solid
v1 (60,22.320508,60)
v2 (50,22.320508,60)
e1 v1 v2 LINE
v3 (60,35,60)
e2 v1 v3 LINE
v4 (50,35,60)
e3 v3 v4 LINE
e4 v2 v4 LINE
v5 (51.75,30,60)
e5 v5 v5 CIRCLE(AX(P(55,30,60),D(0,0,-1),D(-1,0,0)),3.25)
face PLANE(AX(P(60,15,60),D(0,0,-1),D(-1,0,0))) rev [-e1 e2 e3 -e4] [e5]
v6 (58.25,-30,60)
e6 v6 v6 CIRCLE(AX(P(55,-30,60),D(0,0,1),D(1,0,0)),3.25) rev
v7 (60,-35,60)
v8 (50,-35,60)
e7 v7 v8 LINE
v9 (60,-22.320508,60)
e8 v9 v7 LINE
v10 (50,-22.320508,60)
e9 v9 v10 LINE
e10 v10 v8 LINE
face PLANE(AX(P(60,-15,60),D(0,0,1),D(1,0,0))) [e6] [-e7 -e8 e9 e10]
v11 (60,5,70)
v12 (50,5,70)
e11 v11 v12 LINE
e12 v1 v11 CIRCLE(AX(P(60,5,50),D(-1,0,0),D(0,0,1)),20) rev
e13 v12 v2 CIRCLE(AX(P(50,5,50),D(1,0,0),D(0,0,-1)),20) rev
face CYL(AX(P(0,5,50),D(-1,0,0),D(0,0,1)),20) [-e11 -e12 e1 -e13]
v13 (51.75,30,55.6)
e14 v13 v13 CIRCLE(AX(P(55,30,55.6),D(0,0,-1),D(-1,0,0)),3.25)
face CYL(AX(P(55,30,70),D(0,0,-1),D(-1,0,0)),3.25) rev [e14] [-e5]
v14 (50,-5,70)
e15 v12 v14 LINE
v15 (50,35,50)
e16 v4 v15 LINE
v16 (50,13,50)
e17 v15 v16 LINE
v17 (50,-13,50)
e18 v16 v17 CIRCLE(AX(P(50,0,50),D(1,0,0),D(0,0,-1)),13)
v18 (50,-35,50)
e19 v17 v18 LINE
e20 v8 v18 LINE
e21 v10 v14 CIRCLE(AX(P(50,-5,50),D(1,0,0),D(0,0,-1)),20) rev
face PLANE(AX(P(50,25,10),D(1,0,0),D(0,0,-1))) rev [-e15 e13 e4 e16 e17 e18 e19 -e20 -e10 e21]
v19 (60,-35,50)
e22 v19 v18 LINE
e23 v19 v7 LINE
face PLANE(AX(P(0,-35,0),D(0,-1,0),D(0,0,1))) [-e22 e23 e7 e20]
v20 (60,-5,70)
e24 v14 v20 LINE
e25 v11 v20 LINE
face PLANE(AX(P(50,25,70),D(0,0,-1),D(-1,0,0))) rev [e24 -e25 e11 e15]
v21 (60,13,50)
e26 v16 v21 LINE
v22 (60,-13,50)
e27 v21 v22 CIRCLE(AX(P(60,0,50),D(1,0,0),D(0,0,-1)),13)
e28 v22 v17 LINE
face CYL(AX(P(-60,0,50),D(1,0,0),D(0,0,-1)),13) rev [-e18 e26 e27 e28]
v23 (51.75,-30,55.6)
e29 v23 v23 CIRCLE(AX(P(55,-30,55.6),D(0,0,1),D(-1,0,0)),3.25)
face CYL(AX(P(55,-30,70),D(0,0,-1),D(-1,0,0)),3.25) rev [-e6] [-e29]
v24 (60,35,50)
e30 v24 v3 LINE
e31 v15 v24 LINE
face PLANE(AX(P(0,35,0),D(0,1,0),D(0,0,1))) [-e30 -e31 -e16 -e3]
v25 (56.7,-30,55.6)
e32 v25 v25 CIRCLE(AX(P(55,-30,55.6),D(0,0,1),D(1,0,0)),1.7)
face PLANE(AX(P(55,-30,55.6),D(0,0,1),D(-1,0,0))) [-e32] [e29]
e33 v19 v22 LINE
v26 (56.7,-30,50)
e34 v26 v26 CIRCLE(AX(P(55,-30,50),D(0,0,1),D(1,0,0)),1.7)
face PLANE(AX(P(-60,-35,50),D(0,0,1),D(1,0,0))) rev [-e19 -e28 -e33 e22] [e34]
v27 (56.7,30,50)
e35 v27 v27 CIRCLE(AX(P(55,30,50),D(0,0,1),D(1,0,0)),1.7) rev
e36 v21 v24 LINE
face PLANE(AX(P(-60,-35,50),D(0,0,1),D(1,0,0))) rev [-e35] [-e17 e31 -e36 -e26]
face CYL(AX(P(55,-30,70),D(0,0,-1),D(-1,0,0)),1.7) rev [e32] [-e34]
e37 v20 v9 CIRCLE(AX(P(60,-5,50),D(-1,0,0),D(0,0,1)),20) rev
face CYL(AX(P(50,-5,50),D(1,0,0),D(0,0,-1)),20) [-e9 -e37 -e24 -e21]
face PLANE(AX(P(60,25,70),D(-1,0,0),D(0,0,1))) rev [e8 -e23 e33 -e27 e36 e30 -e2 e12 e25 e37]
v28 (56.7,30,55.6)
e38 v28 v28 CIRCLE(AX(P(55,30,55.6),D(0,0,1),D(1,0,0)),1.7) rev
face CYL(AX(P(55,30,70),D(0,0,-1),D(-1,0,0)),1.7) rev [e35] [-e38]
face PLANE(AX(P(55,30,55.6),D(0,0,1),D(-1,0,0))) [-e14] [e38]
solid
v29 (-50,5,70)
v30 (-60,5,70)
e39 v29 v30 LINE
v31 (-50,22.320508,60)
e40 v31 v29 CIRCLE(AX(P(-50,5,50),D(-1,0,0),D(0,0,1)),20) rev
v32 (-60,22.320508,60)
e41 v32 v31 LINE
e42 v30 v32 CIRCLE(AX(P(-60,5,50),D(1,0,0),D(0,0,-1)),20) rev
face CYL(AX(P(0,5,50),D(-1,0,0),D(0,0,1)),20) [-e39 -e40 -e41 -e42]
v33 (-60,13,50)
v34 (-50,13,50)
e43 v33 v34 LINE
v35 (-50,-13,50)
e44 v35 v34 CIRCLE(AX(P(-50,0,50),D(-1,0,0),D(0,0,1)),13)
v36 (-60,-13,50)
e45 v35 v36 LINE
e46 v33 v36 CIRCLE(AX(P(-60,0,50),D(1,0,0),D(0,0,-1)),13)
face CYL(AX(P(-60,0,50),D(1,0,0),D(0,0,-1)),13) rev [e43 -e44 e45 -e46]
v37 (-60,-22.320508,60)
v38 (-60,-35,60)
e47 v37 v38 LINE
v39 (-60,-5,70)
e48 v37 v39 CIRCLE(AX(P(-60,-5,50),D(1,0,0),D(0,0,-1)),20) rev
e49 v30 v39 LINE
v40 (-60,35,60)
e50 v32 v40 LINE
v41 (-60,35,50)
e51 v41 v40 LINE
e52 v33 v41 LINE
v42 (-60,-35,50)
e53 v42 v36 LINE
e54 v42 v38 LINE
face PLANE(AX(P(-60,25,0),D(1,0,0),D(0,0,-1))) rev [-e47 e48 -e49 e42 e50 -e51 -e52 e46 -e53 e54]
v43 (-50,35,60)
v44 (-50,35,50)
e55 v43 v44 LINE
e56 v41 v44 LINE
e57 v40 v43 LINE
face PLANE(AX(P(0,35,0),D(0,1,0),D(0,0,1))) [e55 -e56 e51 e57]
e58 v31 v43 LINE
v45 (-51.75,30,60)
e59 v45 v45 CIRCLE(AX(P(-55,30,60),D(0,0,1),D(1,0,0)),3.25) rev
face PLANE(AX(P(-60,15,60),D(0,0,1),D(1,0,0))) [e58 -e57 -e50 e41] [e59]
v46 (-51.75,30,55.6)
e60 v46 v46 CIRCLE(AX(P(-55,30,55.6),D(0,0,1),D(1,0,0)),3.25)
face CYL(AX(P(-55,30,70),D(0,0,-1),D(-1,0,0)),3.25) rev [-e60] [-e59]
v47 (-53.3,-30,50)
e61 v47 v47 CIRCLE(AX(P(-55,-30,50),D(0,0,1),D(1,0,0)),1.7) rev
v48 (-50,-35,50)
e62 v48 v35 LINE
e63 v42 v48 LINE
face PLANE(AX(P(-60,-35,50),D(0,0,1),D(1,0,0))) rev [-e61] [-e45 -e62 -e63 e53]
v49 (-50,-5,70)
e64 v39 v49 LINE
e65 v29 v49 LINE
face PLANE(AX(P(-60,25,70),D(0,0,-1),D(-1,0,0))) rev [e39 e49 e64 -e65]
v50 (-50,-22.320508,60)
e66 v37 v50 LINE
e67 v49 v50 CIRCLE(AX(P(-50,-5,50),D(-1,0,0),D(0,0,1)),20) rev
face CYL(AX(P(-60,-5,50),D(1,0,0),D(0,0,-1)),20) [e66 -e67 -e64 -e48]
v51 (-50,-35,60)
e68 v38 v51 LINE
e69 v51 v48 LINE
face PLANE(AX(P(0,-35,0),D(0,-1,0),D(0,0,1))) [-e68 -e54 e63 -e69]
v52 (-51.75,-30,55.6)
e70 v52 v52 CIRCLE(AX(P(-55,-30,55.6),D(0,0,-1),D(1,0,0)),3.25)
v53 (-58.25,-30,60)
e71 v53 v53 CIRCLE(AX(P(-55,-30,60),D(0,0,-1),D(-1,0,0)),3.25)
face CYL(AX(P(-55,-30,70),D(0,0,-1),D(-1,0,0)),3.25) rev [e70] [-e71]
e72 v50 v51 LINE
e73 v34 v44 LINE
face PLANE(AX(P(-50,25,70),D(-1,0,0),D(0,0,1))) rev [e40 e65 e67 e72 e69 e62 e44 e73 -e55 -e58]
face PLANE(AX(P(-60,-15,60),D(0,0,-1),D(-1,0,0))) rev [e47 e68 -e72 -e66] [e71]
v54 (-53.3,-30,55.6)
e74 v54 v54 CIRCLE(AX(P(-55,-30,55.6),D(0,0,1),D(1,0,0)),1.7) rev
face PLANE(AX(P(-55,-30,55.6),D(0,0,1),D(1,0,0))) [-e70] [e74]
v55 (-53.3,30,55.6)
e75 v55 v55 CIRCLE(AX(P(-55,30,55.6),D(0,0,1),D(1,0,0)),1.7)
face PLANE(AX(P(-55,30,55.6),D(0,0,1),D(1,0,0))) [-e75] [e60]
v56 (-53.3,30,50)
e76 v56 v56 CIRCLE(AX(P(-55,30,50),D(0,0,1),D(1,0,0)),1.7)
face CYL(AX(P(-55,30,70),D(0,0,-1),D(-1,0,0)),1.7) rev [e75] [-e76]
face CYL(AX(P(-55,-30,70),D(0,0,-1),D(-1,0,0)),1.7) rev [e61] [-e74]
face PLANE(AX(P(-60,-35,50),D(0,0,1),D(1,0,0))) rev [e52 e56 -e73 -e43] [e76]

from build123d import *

# Parameters (mm, degrees)
AUFSATZ_LINEAR_AUSTRAGEN1_DEPTH            = 25
SCHNITT_LINEAR_AUSTRAGEN1_DEPTH            = 20
FASE1_SIZE                                 = 10
VERRUNDUNG1_R                              = 20
SKIZZE3_R                                  = 3.25
SCHNITT_LINEAR_AUSTRAGEN2_DEPTH            = 3.4
SKIZZE4_R                                  = 1.7
SCHNITT_LINEAR_AUSTRAGEN3_DEPTH            = 6.6
KREISMUSTER1_COUNT                         = 3
SKIZZE5_R                                  = 13
SCHNITT_LINEAR_AUSTRAGEN4_DEPTH            = 142.155942135
SKIZZE7_W                                  = 10
SKIZZE7_H                                  = 20
AUFSATZ_LINEAR_AUSTRAGEN2_DEPTH            = 10
SKIZZE9_R                                  = 1.7
SCHNITT_LINEAR_AUSTRAGEN7_DEPTH            = 81.156097709
SCHNITT_LINEAR_START                       = -4.4
SKIZZE8_R                                  = 3.25
SCHNITT_LINEAR_AUSTRAGEN6_DEPTH            = 97.187798753
SPIEGELN1_AT_THE_SECOND_PLANE_COPY_1_SKE_W = 10
SPIEGELN1_AT_THE_SECOND_PLANE_COPY_1_SKE_H = 20
SPIEGELN1_AT_THE_SECOND_PLANE_COPY_1_DEPTH = 10
SPIEGELN1_AT_THE_SECOND_PLANE_COPY_2_SKE_R = 1.7
SPIEGELN1_AT_THE_SECOND_PLANE_COPY_2_DEPTH = 81.156097709
SPIEGELN1_START                            = -4.4
SPIEGELN1_AT_THE_SECOND_PLANE_COPY_3_SKE_R = 3.25
SPIEGELN1_AT_THE_SECOND_PLANE_COPY_3_DEPTH = 97.187798753
SCHNITT_LINEAR_AUSTRAGEN5_DEPTH            = 99.615414617
SCHNITT_LINEAR_AUSTRAGEN5_DEPTH_BACK       = 99.615414617
SKIZZE6_W                                  = 120
SKIZZE6_H                                  = 50


with BuildPart() as part:
    # Skizze1 → Aufsatz-Linear austragen1 (new, symmetric)
    with BuildSketch(Plane(origin=(0, 0, 0), x_dir=(1, 0, 0), z_dir=(0, 1, 0))):
        Polygon((-60, 0), (60, 0), (60, -70), (50, -70), (50, -10), (-50, -10), (-50, -70), (-60, -70), align=None)
    extrude(amount=AUFSATZ_LINEAR_AUSTRAGEN1_DEPTH, both=True)

    # Skizze2 → Schnitt-Linear austragen1 (cut)
    with BuildSketch(Plane(origin=(0, 0, 0), x_dir=(-1, 0, 0), z_dir=(0, 0, -1))):
        with BuildLine():
            Line((-1.532970972, 2.1), (1.532970972, 2.1))
            ThreePointArc((1.532970972, 2.1), (0, -2.6), (-1.532970972, 2.1))
        make_face()
    extrude(amount=-SCHNITT_LINEAR_AUSTRAGEN1_DEPTH, mode=Mode.SUBTRACT)

    # Fase1
    fase1_edges = [part.edges().sort_by_distance(p)[0] for p in [
        (-60, 0, 0),
        (60, 0, 0),
        (50, 0, 10),
        (-50, 0, 10),
    ]]
    chamfer(fase1_edges, length=FASE1_SIZE)

    # Verrundung1
    verrundung1_edges = [part.edges().sort_by_distance(p)[0] for p in [
        (-55, -25, 70),
        (55, 25, 70),
        (-55, 25, 70),
        (55, -25, 70),
    ]]
    fillet(verrundung1_edges, radius=VERRUNDUNG1_R)

    # Skizze3 → Schnitt-Linear austragen2 (cut)
    with BuildSketch(Plane.XY.offset(10)):
        with Locations((0, 12)):
            Circle(SKIZZE3_R)
    schnitt_linear_austragen2 = extrude(amount=-SCHNITT_LINEAR_AUSTRAGEN2_DEPTH, mode=Mode.SUBTRACT)

    # Skizze4 → Schnitt-Linear austragen3 (cut)
    with BuildSketch(Plane.XY.offset(6.6)):
        with Locations((0, 12)):
            Circle(SKIZZE4_R)
    schnitt_linear_austragen3 = extrude(amount=-SCHNITT_LINEAR_AUSTRAGEN3_DEPTH, mode=Mode.SUBTRACT)

    # Kreismuster1: Schnitt-Linear austragen2, Schnitt-Linear austragen3 ×3 about axis
    kreismuster1_axis = Axis((0, 0, 0), (0, 0, 1))
    add([schnitt_linear_austragen2.rotate(kreismuster1_axis, i * 360 / KREISMUSTER1_COUNT) for i in range(1, KREISMUSTER1_COUNT)], mode=Mode.SUBTRACT)
    add([schnitt_linear_austragen3.rotate(kreismuster1_axis, i * 360 / KREISMUSTER1_COUNT) for i in range(1, KREISMUSTER1_COUNT)], mode=Mode.SUBTRACT)

    # Skizze5 → Schnitt-Linear austragen4 (cut, through all)
    with BuildSketch(Plane(origin=(60, 0, 0), x_dir=(0, 0, -1), z_dir=(1, 0, 0))):
        with Locations((-50, 0)):
            Circle(SKIZZE5_R)
    extrude(amount=-SCHNITT_LINEAR_AUSTRAGEN4_DEPTH, mode=Mode.SUBTRACT)

    # Skizze7 → Aufsatz-Linear austragen2 (add, symmetric)
    with BuildSketch(Plane(origin=(0, 25, 0), x_dir=(1, 0, 0), z_dir=(0, 1, 0))):
        with Locations((-55, -50)):
            Rectangle(SKIZZE7_W, SKIZZE7_H)
    aufsatz_linear_austragen2 = extrude(amount=AUFSATZ_LINEAR_AUSTRAGEN2_DEPTH, both=True)

    # Skizze9 → Schnitt-Linear austragen7 (cut, through all)
    with BuildSketch(Plane.XY.offset(40)):
        with Locations((-55, 30)):
            Circle(SKIZZE9_R)
    schnitt_linear_austragen7 = extrude(amount=SCHNITT_LINEAR_AUSTRAGEN7_DEPTH, mode=Mode.SUBTRACT)

    # Skizze8 → Schnitt-Linear austragen6 (cut)
    with BuildSketch(Plane.XY.offset(60).offset(SCHNITT_LINEAR_START)):
        with Locations((-55, 30)):
            Circle(SKIZZE8_R)
    schnitt_linear_austragen6 = extrude(amount=SCHNITT_LINEAR_AUSTRAGEN6_DEPTH, mode=Mode.SUBTRACT)

    # Spiegeln1: Aufsatz-Linear austragen2, Schnitt-Linear austragen7, Schnitt-Linear austragen6 across plane
    add(aufsatz_linear_austragen2.mirror(Plane(origin=(0, 0, 0), x_dir=(0, 0, 1), z_dir=(1, 0, 0))))
    add(schnitt_linear_austragen7.mirror(Plane(origin=(0, 0, 0), x_dir=(0, 0, 1), z_dir=(1, 0, 0))), mode=Mode.SUBTRACT)
    add(schnitt_linear_austragen6.mirror(Plane(origin=(0, 0, 0), x_dir=(0, 0, 1), z_dir=(1, 0, 0))), mode=Mode.SUBTRACT)

    # Spiegeln1 at the second plane: Aufsatz-Linear austragen2, Schnitt-Linear austragen7, Schnitt-Linear austragen6 across plane
    add(aufsatz_linear_austragen2.mirror(Plane.ZX))
    add(schnitt_linear_austragen7.mirror(Plane.ZX), mode=Mode.SUBTRACT)
    add(schnitt_linear_austragen6.mirror(Plane.ZX), mode=Mode.SUBTRACT)

    # Spiegeln1 at the second plane copy 1 ske → Spiegeln1 at the second plane copy 1 (add, symmetric)
    with BuildSketch(Plane(origin=(0, -25, 0), x_dir=(-1, 0, 0), z_dir=(0, -1, 0))):
        with Locations((-55, -50)):
            Rectangle(SPIEGELN1_AT_THE_SECOND_PLANE_COPY_1_SKE_W, SPIEGELN1_AT_THE_SECOND_PLANE_COPY_1_SKE_H)
    extrude(amount=SPIEGELN1_AT_THE_SECOND_PLANE_COPY_1_DEPTH, both=True)

    # Spiegeln1 at the second plane copy 2 ske → Spiegeln1 at the second plane copy 2 (cut, through all)
    with BuildSketch(Plane(origin=(0, 0, 40), x_dir=(-1, 0, 0), z_dir=(0, 0, 1))):
        with Locations((-55, 30)):
            Circle(SPIEGELN1_AT_THE_SECOND_PLANE_COPY_2_SKE_R)
    extrude(amount=SPIEGELN1_AT_THE_SECOND_PLANE_COPY_2_DEPTH, mode=Mode.SUBTRACT)

    # Spiegeln1 at the second plane copy 3 ske → Spiegeln1 at the second plane copy 3 (cut)
    with BuildSketch(Plane(origin=(0, 0, 60), x_dir=(-1, 0, 0), z_dir=(0, 0, 1)).offset(SPIEGELN1_START)):
        with Locations((-55, 30)):
            Circle(SPIEGELN1_AT_THE_SECOND_PLANE_COPY_3_SKE_R)
    extrude(amount=SPIEGELN1_AT_THE_SECOND_PLANE_COPY_3_DEPTH, mode=Mode.SUBTRACT)

    # Skizze6 → Schnitt-Linear austragen5 (cut, two sides: drawn at the far end of the back side and taken through both)
    with BuildSketch(Plane(origin=(0, 0, 0), x_dir=(1, 0, 0), z_dir=(0, 1, 0)).offset(-SCHNITT_LINEAR_AUSTRAGEN5_DEPTH_BACK)):
        with Locations((0, -25)):
            Rectangle(SKIZZE6_W, SKIZZE6_H)
    extrude(amount=SCHNITT_LINEAR_AUSTRAGEN5_DEPTH + SCHNITT_LINEAR_AUSTRAGEN5_DEPTH_BACK, mode=Mode.SUBTRACT)


with BuildPart() as schnitt_linear_austragen5_piece_1:
    # of the separate pieces the step leaves, piece 1, a body of its own (schnitt_linear_austragen5_pieces)
    add(part.part.solids().sort_by_distance((-50, 35, 50))[0])


with BuildPart() as schnitt_linear_austragen5_piece_2:
    # of the separate pieces the step leaves, piece 2, a body of its own (schnitt_linear_austragen5_pieces)
    add(part.part.solids().sort_by_distance((50, -22.320508076, 60))[0])


solid = Compound([schnitt_linear_austragen5_piece_1.part, schnitt_linear_austragen5_piece_2.part])
